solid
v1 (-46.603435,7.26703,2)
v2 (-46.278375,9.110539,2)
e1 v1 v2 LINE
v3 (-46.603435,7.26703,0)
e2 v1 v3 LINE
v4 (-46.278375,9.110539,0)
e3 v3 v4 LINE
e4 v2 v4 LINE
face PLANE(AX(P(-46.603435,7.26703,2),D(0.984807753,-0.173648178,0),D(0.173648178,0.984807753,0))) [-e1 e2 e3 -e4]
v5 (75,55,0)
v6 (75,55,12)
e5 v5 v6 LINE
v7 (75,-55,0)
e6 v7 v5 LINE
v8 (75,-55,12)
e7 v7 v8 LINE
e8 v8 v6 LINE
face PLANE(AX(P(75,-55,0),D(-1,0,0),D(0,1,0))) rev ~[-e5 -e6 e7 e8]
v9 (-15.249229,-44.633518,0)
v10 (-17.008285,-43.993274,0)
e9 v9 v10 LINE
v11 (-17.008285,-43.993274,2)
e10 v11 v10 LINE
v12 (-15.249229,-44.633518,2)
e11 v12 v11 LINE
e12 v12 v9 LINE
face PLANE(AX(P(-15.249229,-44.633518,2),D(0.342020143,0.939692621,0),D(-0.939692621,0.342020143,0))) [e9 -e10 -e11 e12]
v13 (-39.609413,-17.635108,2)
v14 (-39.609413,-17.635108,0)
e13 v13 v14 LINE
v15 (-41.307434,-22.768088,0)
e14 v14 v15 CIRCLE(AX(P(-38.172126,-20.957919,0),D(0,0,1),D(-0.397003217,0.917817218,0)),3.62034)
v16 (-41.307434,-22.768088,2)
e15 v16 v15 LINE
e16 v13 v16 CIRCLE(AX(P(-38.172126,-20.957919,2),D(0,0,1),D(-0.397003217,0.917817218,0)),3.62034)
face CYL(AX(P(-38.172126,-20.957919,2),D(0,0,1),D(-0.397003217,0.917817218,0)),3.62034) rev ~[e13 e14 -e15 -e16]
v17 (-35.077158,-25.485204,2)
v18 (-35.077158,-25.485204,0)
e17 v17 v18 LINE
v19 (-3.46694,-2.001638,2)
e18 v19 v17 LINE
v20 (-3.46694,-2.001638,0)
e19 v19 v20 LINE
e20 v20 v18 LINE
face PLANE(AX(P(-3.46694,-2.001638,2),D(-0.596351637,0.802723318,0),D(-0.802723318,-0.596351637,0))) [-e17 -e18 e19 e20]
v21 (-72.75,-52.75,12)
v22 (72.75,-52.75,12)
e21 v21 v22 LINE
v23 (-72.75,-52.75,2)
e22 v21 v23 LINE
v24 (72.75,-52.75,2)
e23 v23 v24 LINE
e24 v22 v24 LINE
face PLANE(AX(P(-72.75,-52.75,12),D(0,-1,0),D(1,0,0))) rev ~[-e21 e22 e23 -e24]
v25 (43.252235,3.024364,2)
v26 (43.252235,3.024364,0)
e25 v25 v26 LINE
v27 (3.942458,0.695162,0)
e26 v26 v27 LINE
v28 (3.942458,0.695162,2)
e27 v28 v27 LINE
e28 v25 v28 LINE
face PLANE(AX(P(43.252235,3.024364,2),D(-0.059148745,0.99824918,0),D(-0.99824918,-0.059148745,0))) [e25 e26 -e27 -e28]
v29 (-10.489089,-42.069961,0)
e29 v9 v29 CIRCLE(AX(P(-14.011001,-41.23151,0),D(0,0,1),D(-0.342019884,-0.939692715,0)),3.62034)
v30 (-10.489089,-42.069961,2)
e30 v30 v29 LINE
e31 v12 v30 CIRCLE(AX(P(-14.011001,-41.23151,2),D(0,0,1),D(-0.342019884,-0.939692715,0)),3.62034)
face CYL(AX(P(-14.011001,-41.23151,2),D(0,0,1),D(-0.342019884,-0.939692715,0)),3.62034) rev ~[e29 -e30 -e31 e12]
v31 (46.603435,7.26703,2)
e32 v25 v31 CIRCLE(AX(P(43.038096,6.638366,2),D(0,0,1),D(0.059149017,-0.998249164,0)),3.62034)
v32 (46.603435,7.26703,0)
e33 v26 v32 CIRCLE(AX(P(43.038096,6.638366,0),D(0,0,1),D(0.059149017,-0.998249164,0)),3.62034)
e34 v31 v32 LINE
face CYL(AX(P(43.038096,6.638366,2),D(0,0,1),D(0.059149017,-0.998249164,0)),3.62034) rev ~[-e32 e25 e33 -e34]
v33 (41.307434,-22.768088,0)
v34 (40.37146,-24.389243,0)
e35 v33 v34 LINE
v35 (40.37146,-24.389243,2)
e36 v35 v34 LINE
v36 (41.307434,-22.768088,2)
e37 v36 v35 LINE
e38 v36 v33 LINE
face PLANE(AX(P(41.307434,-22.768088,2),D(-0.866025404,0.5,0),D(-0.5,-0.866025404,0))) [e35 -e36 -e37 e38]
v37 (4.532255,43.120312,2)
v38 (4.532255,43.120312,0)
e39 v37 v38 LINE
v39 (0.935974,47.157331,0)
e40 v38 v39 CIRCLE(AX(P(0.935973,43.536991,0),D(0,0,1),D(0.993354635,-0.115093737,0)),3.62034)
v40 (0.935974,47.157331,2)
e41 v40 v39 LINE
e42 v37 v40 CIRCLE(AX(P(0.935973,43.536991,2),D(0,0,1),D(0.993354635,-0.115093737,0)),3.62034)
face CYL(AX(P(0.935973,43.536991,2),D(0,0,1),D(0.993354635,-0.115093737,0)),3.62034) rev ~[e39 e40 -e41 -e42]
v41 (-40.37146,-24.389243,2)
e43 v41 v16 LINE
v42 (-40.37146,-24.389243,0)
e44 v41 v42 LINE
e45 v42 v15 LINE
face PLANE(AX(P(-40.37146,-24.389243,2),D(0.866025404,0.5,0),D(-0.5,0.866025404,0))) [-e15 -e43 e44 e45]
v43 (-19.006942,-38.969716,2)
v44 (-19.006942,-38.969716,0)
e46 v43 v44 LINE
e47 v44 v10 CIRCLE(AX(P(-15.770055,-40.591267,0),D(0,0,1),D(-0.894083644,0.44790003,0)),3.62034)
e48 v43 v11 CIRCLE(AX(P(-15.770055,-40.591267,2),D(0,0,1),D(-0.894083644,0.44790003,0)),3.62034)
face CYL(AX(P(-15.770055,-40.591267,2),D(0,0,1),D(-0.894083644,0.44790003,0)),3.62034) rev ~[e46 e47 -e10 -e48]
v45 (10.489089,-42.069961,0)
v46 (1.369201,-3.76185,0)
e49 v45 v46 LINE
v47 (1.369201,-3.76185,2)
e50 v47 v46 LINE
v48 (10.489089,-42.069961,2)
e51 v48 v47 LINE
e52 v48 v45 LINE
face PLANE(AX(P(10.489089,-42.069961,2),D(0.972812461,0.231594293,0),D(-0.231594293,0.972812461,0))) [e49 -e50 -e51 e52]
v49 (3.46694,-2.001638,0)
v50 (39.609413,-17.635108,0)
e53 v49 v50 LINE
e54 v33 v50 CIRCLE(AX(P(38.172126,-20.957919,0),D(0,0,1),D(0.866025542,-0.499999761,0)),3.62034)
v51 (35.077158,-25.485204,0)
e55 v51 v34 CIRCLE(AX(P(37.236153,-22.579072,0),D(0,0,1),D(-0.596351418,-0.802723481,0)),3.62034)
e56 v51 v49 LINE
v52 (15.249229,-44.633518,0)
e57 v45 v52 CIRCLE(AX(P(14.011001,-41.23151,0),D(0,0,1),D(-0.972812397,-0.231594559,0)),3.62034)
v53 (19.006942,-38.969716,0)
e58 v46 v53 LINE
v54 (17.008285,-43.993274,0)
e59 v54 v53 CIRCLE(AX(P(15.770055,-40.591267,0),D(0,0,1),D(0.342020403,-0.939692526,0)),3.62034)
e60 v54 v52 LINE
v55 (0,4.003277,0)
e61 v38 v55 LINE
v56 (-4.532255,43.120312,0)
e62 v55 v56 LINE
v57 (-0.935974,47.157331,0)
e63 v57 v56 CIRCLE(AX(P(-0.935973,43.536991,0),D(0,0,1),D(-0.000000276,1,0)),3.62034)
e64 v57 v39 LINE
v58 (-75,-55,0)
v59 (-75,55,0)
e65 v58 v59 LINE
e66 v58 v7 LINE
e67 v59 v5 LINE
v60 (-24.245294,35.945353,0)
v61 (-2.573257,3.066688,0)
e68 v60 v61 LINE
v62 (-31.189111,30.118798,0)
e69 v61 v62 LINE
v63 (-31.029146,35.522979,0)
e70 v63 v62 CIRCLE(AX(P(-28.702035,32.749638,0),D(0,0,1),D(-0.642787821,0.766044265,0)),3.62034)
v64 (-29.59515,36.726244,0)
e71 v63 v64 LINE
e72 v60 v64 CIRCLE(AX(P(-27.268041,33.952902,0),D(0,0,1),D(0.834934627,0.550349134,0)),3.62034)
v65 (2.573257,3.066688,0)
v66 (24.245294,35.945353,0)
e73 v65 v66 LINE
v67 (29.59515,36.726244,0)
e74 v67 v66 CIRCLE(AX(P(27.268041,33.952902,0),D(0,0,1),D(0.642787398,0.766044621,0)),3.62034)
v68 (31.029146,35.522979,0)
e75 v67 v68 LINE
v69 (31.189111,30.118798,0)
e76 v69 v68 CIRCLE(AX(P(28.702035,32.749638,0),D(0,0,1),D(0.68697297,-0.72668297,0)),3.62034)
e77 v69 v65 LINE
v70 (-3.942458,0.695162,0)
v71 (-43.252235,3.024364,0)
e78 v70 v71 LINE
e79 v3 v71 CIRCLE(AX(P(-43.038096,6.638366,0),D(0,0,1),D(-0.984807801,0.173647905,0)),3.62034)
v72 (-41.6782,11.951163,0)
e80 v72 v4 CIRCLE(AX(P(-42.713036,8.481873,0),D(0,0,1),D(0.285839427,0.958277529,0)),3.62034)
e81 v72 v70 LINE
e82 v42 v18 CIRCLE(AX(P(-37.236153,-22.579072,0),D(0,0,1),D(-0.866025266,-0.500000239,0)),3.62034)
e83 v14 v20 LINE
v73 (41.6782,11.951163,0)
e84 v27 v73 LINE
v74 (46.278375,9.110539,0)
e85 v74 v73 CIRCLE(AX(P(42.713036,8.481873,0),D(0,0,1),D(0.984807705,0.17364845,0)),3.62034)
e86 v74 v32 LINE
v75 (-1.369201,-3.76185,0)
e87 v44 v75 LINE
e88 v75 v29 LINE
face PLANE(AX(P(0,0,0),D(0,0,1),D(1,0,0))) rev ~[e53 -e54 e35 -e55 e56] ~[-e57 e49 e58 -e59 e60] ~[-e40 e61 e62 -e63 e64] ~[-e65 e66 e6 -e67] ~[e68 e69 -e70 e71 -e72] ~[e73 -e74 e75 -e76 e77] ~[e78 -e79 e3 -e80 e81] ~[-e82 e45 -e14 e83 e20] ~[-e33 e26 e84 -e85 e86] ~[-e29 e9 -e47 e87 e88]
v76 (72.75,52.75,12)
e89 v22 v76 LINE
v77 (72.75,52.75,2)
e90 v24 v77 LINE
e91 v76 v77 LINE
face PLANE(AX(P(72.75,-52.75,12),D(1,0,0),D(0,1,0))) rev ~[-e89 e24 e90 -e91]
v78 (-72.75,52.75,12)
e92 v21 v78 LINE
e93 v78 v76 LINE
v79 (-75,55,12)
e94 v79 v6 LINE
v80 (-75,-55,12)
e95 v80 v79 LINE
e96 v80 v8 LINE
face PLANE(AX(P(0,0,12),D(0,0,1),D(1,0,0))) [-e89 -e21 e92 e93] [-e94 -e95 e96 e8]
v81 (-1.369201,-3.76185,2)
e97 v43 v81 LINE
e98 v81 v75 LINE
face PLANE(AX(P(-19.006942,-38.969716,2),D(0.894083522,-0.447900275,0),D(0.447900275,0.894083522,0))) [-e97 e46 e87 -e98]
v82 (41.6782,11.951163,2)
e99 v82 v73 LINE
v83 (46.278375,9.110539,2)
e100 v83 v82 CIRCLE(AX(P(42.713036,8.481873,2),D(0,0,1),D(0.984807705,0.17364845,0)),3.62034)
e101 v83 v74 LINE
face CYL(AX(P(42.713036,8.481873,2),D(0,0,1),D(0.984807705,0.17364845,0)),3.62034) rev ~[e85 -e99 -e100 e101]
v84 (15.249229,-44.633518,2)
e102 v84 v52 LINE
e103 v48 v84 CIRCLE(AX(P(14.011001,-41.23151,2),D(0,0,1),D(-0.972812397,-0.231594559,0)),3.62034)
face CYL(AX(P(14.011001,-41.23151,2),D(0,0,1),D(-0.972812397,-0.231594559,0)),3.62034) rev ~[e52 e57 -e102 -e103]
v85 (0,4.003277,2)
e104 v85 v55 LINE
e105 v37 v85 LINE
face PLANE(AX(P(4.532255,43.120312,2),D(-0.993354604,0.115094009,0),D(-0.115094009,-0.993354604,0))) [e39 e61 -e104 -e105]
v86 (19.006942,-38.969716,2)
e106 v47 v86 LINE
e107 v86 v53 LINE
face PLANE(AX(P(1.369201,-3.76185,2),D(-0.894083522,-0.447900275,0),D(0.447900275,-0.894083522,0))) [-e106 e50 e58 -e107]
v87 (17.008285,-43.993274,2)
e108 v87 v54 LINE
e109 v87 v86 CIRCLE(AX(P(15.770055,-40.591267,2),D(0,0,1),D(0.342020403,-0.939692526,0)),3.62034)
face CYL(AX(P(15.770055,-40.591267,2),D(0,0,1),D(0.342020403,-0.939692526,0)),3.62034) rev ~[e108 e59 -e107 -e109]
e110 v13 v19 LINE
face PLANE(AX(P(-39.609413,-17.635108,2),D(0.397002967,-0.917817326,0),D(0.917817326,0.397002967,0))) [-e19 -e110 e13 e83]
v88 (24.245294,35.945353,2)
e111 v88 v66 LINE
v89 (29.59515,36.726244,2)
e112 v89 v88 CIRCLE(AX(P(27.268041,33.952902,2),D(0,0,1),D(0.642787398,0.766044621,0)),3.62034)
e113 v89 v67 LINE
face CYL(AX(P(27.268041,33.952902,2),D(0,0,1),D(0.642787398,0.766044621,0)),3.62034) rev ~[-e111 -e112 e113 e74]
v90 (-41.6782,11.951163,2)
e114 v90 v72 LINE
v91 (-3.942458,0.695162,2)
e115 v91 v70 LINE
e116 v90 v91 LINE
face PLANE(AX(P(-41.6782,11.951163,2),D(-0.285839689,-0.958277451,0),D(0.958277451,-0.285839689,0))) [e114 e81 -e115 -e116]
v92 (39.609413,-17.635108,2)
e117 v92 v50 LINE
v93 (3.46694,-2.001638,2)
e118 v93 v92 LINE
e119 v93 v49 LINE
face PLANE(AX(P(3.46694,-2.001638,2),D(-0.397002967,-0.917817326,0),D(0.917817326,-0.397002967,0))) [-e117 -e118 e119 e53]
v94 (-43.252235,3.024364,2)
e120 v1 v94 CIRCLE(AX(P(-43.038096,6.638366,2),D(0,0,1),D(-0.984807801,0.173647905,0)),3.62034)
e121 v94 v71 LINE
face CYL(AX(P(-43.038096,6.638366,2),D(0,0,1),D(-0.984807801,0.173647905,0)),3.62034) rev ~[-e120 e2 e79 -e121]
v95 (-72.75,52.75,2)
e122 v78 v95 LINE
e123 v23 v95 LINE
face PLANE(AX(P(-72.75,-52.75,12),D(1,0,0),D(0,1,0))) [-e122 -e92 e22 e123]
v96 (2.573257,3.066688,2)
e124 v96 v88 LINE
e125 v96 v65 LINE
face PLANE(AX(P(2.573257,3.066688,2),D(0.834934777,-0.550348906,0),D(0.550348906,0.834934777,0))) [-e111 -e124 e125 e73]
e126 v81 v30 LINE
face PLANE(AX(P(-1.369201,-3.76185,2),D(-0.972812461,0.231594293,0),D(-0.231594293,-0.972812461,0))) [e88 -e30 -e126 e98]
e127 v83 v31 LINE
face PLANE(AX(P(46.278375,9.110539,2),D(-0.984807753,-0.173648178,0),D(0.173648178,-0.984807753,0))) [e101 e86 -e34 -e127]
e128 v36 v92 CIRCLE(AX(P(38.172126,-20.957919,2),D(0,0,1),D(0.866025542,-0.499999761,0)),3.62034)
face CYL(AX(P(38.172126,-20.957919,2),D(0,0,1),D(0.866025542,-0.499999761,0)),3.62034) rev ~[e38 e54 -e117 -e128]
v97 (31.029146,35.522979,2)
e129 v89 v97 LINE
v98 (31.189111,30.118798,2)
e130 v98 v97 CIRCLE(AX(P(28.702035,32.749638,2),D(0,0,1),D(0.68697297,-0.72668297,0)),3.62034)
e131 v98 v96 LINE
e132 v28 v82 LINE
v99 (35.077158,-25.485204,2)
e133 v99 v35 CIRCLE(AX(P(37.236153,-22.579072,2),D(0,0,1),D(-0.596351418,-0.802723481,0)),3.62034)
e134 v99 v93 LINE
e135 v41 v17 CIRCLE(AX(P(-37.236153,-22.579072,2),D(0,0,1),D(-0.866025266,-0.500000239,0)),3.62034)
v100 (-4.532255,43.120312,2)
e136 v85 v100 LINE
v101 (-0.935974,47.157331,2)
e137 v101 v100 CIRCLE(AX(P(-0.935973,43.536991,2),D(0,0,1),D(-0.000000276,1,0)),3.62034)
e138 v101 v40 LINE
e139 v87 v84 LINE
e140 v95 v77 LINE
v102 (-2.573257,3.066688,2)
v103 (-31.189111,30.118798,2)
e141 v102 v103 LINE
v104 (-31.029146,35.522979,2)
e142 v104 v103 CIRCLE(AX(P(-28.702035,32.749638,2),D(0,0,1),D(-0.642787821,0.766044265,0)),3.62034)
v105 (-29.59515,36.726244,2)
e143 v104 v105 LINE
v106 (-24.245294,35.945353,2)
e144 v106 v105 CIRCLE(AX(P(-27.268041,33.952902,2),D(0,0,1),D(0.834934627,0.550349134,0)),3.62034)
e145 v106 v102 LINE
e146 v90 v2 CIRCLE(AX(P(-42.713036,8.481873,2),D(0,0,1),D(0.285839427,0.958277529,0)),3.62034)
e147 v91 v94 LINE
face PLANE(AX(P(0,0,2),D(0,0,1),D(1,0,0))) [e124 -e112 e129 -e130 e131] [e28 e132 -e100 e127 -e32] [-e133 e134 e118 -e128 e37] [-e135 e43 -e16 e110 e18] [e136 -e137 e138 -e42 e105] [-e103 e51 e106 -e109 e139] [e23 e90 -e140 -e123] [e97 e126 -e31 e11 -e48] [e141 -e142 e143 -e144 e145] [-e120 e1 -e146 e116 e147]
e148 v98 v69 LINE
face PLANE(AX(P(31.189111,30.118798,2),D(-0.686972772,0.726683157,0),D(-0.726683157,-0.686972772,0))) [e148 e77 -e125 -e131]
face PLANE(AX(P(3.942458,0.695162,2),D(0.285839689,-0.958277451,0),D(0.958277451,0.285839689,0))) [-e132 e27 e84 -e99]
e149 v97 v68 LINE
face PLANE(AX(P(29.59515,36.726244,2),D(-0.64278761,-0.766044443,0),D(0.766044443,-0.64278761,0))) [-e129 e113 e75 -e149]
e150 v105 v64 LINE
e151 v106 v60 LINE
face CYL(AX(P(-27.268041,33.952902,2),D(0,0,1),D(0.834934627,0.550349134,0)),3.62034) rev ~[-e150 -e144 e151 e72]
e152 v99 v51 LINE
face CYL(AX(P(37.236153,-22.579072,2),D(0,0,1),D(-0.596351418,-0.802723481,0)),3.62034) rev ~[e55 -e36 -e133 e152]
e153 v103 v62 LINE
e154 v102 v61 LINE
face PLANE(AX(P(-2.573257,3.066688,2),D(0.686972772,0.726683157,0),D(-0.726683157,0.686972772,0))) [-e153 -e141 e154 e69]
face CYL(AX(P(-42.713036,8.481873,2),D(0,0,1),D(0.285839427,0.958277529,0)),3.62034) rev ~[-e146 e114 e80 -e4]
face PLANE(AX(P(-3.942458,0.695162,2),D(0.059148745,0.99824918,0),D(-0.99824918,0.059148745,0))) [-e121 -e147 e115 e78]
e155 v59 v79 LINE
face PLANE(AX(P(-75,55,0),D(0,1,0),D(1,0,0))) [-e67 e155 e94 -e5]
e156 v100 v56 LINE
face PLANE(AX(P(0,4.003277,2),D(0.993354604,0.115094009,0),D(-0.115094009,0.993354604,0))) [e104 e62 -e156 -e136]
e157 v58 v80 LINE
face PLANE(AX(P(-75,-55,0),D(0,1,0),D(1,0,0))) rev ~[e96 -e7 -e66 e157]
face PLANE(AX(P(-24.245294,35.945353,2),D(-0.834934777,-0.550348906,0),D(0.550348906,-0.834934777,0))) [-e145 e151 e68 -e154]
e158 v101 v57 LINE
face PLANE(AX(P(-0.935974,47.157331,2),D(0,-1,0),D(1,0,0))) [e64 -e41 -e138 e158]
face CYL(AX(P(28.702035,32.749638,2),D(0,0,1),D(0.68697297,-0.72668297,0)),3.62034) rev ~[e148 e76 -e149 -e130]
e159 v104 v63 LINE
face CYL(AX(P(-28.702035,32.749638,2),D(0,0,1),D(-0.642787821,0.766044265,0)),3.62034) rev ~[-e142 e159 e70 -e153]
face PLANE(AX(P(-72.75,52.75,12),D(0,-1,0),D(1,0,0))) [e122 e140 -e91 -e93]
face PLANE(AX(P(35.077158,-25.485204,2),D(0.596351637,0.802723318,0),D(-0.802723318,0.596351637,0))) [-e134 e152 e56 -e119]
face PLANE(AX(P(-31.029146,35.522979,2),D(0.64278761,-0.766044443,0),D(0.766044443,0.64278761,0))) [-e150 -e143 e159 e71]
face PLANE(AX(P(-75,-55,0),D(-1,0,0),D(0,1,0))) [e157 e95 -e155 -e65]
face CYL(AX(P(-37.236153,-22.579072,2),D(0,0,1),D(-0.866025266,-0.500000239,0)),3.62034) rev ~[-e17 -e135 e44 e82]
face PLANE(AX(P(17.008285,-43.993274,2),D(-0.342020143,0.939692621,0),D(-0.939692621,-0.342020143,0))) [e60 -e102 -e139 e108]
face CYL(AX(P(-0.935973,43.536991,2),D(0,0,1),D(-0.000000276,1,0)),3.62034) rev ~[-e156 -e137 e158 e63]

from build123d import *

# Parameters (mm, degrees)
SKETCH007_W        = 150
SKETCH007_H        = 110
PAD002_DEPTH       = 12
SKETCH008_W        = 145.5
SKETCH008_H        = 105.5
POCKET004_DEPTH    = 10
POCKET005_DEPTH    = 5
POLARPATTERN_COUNT = 9


with BuildPart() as part:
    # Sketch007 → Pad002 (new body)
    with BuildSketch(Plane.XY):
        Rectangle(SKETCH007_W, SKETCH007_H)
    extrude(amount=PAD002_DEPTH)

    # Sketch008 (on Face6 of Pad002) → Pocket004 (cut)
    with BuildSketch(Plane.XY.offset(12)):
        Rectangle(SKETCH008_W, SKETCH008_H)
    extrude(amount=-POCKET004_DEPTH, mode=Mode.SUBTRACT)

    # Sketch009 (on Face11 of Pocket004) → Pocket005 (cut)
    with BuildSketch(Plane.XY.offset(2)):
        with BuildLine():
            Line((-0.935974, 47.157331), (0.935974, 47.157331))
            ThreePointArc((4.532255, 43.120312), (3.639248, 45.945137), (0.935974, 47.157331))
            Line((4.532255, 43.120312), (0, 4.003277))
            Line((0, 4.003277), (-4.532255, 43.120312))
            ThreePointArc((-0.935974, 47.157331), (-3.639248, 45.945137), (-4.532255, 43.120312))
        make_face()
    pocket005 = extrude(amount=-POCKET005_DEPTH, mode=Mode.SUBTRACT)

    # PolarPattern: Pocket005 ×9 about axis
    polarpattern_axis = Axis((0, 0, 2), (0, 0, 1))
    for i in range(1, POLARPATTERN_COUNT):
        add(pocket005.rotate(polarpattern_axis, i * 360 / POLARPATTERN_COUNT), mode=Mode.SUBTRACT)


solid = part.part
